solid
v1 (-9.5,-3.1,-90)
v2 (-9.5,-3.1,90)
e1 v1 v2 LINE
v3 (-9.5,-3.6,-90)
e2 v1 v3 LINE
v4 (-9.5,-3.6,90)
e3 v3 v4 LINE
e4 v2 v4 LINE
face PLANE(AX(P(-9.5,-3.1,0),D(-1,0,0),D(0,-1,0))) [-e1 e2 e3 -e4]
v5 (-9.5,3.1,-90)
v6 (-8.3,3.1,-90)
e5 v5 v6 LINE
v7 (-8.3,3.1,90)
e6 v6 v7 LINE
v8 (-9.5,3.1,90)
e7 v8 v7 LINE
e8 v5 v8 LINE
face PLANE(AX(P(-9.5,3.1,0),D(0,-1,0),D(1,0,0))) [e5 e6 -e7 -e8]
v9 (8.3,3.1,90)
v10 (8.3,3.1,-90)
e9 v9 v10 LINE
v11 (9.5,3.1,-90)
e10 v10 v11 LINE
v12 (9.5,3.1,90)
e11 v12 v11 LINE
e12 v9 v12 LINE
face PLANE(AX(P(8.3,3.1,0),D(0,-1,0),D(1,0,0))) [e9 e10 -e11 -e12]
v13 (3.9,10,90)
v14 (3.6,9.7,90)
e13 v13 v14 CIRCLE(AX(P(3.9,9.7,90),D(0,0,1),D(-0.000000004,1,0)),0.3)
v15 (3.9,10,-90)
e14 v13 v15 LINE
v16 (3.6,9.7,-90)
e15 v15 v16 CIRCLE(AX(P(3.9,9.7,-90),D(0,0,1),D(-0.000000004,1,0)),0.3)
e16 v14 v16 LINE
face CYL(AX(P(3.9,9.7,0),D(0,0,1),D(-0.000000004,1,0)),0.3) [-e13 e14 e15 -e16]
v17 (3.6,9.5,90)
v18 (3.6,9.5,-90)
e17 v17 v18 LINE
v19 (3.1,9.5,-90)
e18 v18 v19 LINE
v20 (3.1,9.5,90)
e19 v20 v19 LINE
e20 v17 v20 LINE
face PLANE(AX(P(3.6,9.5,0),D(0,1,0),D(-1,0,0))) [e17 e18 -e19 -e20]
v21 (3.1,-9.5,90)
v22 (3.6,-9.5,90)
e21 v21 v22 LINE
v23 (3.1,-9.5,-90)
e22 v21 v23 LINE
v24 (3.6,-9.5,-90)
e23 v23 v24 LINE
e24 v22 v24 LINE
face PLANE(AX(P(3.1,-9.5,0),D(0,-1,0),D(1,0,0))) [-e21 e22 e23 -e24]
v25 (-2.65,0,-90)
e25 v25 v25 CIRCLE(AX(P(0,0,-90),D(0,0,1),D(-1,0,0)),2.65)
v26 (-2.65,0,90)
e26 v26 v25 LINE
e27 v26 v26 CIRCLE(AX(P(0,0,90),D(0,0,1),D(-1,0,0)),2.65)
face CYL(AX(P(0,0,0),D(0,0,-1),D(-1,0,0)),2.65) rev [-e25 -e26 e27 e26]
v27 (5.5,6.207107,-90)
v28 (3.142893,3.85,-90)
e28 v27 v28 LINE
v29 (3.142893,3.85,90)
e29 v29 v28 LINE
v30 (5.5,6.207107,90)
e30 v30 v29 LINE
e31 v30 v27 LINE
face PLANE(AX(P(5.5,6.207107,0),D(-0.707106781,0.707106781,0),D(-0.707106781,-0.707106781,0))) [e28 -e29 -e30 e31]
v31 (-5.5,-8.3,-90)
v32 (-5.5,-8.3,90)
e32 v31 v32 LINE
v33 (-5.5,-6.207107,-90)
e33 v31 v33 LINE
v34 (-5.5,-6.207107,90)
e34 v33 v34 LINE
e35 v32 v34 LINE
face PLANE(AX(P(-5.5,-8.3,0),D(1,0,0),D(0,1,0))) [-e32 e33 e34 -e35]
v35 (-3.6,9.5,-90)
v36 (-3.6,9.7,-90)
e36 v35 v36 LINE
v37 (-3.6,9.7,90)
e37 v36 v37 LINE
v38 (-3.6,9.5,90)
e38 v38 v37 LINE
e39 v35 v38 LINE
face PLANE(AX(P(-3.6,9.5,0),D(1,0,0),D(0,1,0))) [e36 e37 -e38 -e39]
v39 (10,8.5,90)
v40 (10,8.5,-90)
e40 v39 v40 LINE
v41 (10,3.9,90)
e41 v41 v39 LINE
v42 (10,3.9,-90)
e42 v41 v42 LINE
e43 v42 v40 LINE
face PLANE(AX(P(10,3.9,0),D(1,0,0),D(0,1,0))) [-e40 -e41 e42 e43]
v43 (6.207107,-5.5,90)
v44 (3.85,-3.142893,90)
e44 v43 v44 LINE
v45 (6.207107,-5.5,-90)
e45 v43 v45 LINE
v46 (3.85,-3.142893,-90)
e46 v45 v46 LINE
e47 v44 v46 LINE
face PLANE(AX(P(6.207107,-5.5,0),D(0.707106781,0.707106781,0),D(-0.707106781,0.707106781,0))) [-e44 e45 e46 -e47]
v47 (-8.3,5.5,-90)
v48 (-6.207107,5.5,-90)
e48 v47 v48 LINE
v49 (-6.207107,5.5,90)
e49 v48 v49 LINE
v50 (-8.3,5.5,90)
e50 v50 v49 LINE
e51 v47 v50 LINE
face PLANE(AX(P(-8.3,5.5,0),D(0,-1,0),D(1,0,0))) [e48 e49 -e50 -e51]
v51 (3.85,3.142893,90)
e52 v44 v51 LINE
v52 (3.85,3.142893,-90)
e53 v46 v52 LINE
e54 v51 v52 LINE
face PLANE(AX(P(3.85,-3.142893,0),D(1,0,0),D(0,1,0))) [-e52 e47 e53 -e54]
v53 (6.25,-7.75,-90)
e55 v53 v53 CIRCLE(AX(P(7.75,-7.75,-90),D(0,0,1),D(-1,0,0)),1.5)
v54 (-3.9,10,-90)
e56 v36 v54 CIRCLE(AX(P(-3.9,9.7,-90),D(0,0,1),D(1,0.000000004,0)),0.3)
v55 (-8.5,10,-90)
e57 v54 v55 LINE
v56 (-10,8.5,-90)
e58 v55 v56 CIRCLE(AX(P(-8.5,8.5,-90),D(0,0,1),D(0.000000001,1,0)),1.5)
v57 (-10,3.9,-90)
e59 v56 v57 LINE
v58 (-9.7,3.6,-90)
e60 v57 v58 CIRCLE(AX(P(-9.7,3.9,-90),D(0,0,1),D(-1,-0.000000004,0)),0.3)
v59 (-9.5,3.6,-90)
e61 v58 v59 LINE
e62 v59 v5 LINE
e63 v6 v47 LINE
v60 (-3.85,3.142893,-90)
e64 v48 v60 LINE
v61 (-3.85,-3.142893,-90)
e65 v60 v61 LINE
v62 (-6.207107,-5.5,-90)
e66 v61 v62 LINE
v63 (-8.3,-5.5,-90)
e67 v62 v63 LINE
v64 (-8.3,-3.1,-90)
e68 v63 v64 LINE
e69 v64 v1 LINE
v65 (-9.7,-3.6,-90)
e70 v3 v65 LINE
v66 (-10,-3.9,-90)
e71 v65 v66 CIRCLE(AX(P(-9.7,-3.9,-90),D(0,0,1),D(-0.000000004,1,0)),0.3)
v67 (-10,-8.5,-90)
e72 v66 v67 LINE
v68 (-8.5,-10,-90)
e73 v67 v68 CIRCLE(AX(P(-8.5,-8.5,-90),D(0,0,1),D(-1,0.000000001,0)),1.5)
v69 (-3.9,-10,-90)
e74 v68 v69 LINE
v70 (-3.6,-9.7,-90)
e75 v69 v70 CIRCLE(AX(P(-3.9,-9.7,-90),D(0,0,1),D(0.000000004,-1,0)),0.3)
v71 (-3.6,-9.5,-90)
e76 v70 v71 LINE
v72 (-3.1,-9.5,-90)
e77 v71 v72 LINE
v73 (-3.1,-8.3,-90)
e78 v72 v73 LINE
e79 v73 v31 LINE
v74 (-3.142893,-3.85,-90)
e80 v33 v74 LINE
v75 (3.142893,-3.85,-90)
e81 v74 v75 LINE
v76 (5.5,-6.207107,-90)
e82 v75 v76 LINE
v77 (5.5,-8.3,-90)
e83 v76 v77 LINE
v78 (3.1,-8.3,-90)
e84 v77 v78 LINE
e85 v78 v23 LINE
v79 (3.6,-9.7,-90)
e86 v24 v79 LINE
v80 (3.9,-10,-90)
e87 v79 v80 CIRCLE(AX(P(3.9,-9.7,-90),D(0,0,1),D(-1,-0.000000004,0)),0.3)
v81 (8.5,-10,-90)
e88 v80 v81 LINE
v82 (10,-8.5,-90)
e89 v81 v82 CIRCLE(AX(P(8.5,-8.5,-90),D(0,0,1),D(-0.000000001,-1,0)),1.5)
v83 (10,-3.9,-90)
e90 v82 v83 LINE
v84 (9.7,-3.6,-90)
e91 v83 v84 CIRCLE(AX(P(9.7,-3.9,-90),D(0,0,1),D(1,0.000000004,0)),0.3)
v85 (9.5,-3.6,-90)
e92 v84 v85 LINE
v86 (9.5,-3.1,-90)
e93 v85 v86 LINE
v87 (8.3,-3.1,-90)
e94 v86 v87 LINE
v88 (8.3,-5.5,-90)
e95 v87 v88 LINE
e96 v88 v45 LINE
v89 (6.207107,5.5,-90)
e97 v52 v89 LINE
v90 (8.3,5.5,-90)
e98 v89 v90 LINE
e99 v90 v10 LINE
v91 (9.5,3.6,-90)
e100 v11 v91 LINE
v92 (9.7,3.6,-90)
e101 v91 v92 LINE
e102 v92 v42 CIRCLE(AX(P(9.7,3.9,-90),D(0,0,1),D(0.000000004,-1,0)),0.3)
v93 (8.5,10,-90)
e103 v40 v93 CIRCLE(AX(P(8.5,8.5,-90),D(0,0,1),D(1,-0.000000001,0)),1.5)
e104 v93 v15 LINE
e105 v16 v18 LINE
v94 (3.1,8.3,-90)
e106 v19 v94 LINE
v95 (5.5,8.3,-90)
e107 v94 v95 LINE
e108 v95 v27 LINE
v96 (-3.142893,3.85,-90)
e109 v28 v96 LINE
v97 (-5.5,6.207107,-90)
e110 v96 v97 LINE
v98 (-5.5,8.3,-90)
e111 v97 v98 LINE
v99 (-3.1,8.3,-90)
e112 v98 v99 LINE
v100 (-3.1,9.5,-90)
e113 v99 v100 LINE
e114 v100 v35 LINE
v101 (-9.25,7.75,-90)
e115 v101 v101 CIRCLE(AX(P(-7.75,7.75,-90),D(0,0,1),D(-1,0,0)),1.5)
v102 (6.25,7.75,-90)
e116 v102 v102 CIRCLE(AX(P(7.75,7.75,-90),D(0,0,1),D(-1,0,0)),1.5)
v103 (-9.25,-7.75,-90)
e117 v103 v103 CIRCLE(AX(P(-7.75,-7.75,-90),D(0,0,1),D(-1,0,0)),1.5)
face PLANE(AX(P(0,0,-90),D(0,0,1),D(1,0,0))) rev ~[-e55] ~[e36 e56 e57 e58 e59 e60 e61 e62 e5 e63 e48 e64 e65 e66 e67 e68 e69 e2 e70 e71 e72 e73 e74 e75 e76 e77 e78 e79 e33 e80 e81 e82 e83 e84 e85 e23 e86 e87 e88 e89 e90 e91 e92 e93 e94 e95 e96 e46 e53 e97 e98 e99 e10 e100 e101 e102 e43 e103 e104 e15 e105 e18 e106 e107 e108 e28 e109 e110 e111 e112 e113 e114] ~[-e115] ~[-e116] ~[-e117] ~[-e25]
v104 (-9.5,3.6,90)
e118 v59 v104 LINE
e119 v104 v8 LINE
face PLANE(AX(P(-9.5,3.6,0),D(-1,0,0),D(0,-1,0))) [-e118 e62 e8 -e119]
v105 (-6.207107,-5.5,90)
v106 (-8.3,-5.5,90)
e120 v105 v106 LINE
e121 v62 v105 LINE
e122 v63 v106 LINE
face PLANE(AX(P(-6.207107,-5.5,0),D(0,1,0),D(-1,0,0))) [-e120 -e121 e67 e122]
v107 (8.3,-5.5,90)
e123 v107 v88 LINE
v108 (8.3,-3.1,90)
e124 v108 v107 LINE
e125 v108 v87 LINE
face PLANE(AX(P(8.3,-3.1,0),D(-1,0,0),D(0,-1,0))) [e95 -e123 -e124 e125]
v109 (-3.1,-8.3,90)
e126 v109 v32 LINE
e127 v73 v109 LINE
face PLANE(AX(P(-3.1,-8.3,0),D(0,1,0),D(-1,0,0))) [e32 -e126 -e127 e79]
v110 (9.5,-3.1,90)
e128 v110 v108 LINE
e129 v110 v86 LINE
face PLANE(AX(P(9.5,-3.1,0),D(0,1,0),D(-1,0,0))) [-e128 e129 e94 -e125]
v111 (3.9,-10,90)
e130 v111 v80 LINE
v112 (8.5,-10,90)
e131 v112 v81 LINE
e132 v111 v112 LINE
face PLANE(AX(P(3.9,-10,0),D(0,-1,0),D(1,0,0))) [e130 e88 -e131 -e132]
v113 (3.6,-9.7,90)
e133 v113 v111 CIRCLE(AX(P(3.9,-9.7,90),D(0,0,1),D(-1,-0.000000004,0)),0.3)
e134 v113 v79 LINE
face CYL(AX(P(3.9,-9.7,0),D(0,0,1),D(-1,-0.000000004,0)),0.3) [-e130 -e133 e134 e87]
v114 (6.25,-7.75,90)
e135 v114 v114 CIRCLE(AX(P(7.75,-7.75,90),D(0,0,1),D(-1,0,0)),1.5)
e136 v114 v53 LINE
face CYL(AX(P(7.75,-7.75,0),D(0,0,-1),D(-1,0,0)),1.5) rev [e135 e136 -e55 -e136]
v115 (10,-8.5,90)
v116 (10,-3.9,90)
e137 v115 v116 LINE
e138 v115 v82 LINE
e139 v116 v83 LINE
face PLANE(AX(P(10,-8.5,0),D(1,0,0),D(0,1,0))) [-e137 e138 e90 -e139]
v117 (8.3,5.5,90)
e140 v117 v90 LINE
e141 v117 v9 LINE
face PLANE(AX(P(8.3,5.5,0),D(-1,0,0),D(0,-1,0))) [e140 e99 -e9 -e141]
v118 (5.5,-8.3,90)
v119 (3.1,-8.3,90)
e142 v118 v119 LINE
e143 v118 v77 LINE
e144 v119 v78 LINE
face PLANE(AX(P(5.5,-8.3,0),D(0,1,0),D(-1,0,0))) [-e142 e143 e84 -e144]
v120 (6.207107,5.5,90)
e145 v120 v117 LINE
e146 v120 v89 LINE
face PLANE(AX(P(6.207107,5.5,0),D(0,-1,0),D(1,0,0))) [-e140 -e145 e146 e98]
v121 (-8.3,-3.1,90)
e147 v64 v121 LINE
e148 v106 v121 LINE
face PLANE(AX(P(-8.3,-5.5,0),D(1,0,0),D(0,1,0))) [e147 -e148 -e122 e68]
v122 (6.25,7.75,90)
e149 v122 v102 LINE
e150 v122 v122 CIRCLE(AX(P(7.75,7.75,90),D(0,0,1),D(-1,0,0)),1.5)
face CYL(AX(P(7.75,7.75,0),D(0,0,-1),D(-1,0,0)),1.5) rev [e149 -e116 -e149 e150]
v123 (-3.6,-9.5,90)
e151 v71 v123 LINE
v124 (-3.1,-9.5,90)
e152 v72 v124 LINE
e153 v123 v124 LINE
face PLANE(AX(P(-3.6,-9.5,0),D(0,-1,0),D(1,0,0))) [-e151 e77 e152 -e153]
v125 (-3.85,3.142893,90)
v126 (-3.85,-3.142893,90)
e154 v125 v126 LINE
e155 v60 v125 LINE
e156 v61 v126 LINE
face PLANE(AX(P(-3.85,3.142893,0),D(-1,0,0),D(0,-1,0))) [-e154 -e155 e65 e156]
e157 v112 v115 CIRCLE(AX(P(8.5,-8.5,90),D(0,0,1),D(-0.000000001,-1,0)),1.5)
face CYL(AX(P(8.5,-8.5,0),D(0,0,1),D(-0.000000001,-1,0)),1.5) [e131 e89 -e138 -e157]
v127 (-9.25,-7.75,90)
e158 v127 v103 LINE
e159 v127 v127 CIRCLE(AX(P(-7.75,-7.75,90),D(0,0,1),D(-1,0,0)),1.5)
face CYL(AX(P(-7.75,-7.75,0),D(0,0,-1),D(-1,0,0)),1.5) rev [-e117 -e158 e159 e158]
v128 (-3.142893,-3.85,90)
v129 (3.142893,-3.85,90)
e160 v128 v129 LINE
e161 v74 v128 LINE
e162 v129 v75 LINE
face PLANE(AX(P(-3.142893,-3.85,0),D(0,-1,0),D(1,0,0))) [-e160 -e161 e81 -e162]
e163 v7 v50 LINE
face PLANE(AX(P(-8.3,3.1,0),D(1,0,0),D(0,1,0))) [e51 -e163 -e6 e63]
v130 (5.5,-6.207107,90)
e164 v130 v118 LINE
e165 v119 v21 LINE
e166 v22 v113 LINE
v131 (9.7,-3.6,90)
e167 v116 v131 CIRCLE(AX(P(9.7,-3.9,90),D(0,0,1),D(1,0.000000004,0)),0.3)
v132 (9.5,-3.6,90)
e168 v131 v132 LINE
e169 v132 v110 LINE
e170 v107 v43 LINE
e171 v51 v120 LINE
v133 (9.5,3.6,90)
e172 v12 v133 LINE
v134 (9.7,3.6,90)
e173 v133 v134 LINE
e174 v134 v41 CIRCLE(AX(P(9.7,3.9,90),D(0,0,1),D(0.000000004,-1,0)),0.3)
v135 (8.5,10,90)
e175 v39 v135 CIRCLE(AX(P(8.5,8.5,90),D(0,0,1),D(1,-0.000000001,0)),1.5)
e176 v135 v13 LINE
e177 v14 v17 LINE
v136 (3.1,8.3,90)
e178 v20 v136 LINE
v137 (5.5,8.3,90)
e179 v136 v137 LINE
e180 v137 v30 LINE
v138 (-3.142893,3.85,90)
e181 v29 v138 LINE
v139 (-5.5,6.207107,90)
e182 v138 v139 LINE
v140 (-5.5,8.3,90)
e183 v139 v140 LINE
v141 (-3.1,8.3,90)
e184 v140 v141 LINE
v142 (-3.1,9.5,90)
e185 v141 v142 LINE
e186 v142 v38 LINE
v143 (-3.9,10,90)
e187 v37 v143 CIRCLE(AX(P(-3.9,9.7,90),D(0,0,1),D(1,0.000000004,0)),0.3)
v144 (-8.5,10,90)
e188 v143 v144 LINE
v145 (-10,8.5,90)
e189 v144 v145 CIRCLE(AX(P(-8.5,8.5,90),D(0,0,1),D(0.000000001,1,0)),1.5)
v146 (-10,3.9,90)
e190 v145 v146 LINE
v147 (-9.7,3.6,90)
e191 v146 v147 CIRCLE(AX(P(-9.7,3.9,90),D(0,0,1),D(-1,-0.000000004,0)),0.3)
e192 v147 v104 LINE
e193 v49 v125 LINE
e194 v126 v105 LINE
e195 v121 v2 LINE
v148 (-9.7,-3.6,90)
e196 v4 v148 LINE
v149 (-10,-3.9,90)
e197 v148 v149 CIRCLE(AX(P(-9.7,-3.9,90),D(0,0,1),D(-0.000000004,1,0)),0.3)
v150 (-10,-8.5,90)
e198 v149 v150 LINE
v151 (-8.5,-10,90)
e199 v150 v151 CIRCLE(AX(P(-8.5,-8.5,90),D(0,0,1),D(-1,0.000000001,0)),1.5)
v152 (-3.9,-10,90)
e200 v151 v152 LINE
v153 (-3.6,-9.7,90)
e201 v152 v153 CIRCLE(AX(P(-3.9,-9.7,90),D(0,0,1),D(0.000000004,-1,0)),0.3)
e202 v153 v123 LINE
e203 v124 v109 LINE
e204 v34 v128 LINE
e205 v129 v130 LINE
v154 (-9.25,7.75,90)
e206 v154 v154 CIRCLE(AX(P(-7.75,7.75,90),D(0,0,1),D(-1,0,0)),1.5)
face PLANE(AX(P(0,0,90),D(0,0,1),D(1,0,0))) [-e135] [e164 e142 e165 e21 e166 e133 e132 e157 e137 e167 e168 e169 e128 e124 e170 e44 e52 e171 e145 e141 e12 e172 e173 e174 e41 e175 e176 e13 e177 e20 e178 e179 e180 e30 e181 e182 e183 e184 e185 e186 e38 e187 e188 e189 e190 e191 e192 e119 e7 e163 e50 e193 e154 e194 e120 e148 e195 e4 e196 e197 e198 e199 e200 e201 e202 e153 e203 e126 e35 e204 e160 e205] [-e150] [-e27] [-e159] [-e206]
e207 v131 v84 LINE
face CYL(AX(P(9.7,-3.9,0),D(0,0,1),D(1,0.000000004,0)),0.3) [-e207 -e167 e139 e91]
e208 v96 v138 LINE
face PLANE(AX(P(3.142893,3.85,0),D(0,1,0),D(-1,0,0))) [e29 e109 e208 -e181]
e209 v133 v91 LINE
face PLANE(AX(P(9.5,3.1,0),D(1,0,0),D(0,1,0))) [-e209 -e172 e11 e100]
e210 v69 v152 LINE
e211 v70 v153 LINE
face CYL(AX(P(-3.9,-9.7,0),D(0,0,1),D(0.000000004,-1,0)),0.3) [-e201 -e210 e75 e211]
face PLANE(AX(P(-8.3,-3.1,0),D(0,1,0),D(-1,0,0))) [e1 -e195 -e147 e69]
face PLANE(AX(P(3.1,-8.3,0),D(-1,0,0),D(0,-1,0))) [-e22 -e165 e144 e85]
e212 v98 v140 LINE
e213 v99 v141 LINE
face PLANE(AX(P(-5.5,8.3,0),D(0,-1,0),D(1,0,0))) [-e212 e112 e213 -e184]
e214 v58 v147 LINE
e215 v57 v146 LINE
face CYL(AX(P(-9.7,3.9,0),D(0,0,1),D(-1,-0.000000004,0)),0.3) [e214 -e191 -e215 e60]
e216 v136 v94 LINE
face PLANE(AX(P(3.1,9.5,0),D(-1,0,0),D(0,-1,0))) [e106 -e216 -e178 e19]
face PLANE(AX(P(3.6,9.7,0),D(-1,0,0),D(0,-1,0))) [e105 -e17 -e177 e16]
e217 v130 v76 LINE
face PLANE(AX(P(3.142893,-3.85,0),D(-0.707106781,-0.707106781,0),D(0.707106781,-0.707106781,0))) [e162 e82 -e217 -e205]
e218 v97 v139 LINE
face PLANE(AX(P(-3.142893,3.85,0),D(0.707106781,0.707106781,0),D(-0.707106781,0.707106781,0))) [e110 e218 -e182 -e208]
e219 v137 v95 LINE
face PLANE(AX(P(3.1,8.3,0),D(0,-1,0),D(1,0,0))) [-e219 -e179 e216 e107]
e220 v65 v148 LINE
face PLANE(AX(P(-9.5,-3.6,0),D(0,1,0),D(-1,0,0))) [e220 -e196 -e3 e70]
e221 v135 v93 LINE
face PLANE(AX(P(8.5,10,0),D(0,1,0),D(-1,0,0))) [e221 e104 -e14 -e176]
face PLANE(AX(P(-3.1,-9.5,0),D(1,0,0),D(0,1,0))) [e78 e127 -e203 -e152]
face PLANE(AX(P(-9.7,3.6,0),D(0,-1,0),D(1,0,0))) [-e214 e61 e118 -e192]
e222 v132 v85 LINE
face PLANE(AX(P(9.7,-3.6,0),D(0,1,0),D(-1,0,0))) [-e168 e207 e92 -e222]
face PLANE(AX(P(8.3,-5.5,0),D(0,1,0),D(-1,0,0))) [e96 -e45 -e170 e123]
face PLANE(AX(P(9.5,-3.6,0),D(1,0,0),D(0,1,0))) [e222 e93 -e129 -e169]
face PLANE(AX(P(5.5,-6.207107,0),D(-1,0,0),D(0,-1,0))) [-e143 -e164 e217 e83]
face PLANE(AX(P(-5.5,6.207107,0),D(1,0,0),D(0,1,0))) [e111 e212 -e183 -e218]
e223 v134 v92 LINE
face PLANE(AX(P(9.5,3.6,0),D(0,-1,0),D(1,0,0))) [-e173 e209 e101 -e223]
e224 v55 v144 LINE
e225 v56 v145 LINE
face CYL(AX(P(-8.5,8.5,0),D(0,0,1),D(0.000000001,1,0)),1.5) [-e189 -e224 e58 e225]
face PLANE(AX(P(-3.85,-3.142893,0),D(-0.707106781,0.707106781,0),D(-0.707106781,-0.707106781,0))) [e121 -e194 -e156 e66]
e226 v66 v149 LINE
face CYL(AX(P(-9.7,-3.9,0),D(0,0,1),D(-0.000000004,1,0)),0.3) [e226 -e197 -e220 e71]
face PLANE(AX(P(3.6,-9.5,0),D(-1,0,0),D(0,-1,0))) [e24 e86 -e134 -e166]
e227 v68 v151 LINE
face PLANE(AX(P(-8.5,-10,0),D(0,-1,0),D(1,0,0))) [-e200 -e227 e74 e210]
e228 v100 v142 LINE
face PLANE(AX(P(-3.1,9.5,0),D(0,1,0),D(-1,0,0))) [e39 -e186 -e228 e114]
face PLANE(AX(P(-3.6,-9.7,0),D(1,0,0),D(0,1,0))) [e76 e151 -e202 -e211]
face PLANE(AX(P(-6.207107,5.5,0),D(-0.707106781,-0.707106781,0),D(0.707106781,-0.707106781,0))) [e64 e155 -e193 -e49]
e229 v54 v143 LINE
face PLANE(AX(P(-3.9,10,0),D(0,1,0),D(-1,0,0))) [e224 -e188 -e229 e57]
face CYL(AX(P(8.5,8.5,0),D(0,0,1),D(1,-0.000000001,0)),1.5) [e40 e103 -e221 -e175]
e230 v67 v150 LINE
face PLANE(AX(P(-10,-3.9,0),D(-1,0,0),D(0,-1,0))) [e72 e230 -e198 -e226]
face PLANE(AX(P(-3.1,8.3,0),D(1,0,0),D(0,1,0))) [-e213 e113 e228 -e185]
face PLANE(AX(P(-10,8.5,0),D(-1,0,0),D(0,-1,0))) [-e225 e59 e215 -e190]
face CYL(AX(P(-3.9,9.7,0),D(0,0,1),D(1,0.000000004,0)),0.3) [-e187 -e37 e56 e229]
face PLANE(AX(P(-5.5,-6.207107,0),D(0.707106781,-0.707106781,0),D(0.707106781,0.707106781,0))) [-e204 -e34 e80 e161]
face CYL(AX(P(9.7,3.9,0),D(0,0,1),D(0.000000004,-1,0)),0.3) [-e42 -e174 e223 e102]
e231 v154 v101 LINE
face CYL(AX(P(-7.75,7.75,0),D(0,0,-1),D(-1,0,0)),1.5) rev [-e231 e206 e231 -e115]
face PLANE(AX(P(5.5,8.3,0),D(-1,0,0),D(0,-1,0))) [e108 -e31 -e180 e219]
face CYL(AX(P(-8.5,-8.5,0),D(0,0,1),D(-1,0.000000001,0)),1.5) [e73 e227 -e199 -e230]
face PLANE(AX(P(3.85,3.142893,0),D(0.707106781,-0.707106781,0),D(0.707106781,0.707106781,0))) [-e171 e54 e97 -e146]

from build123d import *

# Parameters (mm, degrees)
SKETCH_1_R      = 2.65
SKETCH_1_R_2    = 1.5
EXTRUDE_1_DEPTH = 90


with BuildPart() as part:
    # 草图1 → 凸台-拉伸1 (new, symmetric)
    with BuildSketch(Plane.XY):
        with BuildLine():
            Line((3.142893219, 3.85), (-3.142893219, 3.85))
            Line((-3.142893219, 3.85), (-5.5, 6.207106781))
            Line((-5.5, 6.207106781), (-5.5, 8.3))
            Line((-5.5, 8.3), (-3.1, 8.3))
            Line((-3.1, 8.3), (-3.1, 9.5))
            Line((-3.1, 9.5), (-3.6, 9.5))
            Line((-3.6, 9.5), (-3.6, 9.7))
            ThreePointArc((-3.6, 9.7), (-3.687867966, 9.912132034), (-3.9, 10))
            Line((-3.9, 10), (-8.5, 10))
            ThreePointArc((-8.5, 10), (-9.560660172, 9.560660172), (-10, 8.5))
            Line((-10, 8.5), (-10, 3.9))
            ThreePointArc((-10, 3.9), (-9.912132034, 3.687867966), (-9.7, 3.6))
            Line((-9.7, 3.6), (-9.5, 3.6))
            Line((-9.5, 3.6), (-9.5, 3.1))
            Line((-9.5, 3.1), (-8.3, 3.1))
            Line((-8.3, 3.1), (-8.3, 5.5))
            Line((-8.3, 5.5), (-6.207106781, 5.5))
            Line((-6.207106781, 5.5), (-3.85, 3.142893219))
            Line((-3.85, 3.142893219), (-3.85, -3.142893219))
            Line((-3.85, -3.142893219), (-6.207106781, -5.5))
            Line((-6.207106781, -5.5), (-8.3, -5.5))
            Line((-8.3, -5.5), (-8.3, -3.1))
            Line((-8.3, -3.1), (-9.5, -3.1))
            Line((-9.5, -3.1), (-9.5, -3.6))
            Line((-9.5, -3.6), (-9.7, -3.6))
            ThreePointArc((-9.7, -3.6), (-9.912132034, -3.687867966), (-10, -3.9))
            Line((-10, -3.9), (-10, -8.5))
            ThreePointArc((-10, -8.5), (-9.560660172, -9.560660172), (-8.5, -10))
            Line((-8.5, -10), (-3.9, -10))
            ThreePointArc((-3.9, -10), (-3.687867966, -9.912132034), (-3.6, -9.7))
            Line((-3.6, -9.7), (-3.6, -9.5))
            Line((-3.6, -9.5), (-3.1, -9.5))
            Line((-3.1, -9.5), (-3.1, -8.3))
            Line((-3.1, -8.3), (-5.5, -8.3))
            Line((-5.5, -8.3), (-5.5, -6.207106781))
            Line((-5.5, -6.207106781), (-3.142893219, -3.85))
            Line((-3.142893219, -3.85), (3.142893219, -3.85))
            Line((3.142893219, -3.85), (5.5, -6.207106781))
            Line((5.5, -6.207106781), (5.5, -8.3))
            Line((5.5, -8.3), (3.1, -8.3))
            Line((3.1, -8.3), (3.1, -9.5))
            Line((3.1, -9.5), (3.6, -9.5))
            Line((3.6, -9.5), (3.6, -9.7))
            ThreePointArc((3.6, -9.7), (3.687867966, -9.912132034), (3.9, -10))
            Line((3.9, -10), (8.5, -10))
            ThreePointArc((8.5, -10), (9.560660172, -9.560660172), (10, -8.5))
            Line((10, -8.5), (10, -3.9))
            ThreePointArc((10, -3.9), (9.912132034, -3.687867966), (9.7, -3.6))
            Line((9.7, -3.6), (9.5, -3.6))
            Line((9.5, -3.6), (9.5, -3.1))
            Line((9.5, -3.1), (8.3, -3.1))
            Line((8.3, -3.1), (8.3, -5.5))
            Line((8.3, -5.5), (6.207106781, -5.5))
            Line((6.207106781, -5.5), (3.85, -3.142893219))
            Line((3.85, -3.142893219), (3.85, 3.142893219))
            Line((3.85, 3.142893219), (6.207106781, 5.5))
            Line((6.207106781, 5.5), (8.3, 5.5))
            Line((8.3, 5.5), (8.3, 3.1))
            Line((8.3, 3.1), (9.5, 3.1))
            Line((9.5, 3.1), (9.5, 3.6))
            Line((9.5, 3.6), (9.7, 3.6))
            ThreePointArc((9.7, 3.6), (9.912132034, 3.687867966), (10, 3.9))
            Line((10, 3.9), (10, 8.5))
            ThreePointArc((10, 8.5), (9.560660172, 9.560660172), (8.5, 10))
            Line((8.5, 10), (3.9, 10))
            ThreePointArc((3.9, 10), (3.687867966, 9.912132034), (3.6, 9.7))
            Line((3.6, 9.7), (3.6, 9.5))
            Line((3.6, 9.5), (3.1, 9.5))
            Line((3.1, 9.5), (3.1, 8.3))
            Line((3.1, 8.3), (5.5, 8.3))
            Line((5.5, 8.3), (5.5, 6.207106781))
            Line((5.5, 6.207106781), (3.142893219, 3.85))
        make_face()
        with Locations(Location((0, 0, 0), (0, 0, 180))):
            Circle(SKETCH_1_R, mode=Mode.SUBTRACT)
        with Locations(Location((-7.75, 7.75, 0), (0, 0, 180))):
            Circle(SKETCH_1_R_2, mode=Mode.SUBTRACT)
        with Locations(Location((7.75, 7.75, 0), (0, 0, 180))):
            Circle(SKETCH_1_R_2, mode=Mode.SUBTRACT)
        with Locations(Location((7.75, -7.75, 0), (0, 0, 180))):
            Circle(SKETCH_1_R_2, mode=Mode.SUBTRACT)
        with Locations(Location((-7.75, -7.75, 0), (0, 0, 180))):
            Circle(SKETCH_1_R_2, mode=Mode.SUBTRACT)
    extrude(amount=EXTRUDE_1_DEPTH, both=True)


solid = part.part
